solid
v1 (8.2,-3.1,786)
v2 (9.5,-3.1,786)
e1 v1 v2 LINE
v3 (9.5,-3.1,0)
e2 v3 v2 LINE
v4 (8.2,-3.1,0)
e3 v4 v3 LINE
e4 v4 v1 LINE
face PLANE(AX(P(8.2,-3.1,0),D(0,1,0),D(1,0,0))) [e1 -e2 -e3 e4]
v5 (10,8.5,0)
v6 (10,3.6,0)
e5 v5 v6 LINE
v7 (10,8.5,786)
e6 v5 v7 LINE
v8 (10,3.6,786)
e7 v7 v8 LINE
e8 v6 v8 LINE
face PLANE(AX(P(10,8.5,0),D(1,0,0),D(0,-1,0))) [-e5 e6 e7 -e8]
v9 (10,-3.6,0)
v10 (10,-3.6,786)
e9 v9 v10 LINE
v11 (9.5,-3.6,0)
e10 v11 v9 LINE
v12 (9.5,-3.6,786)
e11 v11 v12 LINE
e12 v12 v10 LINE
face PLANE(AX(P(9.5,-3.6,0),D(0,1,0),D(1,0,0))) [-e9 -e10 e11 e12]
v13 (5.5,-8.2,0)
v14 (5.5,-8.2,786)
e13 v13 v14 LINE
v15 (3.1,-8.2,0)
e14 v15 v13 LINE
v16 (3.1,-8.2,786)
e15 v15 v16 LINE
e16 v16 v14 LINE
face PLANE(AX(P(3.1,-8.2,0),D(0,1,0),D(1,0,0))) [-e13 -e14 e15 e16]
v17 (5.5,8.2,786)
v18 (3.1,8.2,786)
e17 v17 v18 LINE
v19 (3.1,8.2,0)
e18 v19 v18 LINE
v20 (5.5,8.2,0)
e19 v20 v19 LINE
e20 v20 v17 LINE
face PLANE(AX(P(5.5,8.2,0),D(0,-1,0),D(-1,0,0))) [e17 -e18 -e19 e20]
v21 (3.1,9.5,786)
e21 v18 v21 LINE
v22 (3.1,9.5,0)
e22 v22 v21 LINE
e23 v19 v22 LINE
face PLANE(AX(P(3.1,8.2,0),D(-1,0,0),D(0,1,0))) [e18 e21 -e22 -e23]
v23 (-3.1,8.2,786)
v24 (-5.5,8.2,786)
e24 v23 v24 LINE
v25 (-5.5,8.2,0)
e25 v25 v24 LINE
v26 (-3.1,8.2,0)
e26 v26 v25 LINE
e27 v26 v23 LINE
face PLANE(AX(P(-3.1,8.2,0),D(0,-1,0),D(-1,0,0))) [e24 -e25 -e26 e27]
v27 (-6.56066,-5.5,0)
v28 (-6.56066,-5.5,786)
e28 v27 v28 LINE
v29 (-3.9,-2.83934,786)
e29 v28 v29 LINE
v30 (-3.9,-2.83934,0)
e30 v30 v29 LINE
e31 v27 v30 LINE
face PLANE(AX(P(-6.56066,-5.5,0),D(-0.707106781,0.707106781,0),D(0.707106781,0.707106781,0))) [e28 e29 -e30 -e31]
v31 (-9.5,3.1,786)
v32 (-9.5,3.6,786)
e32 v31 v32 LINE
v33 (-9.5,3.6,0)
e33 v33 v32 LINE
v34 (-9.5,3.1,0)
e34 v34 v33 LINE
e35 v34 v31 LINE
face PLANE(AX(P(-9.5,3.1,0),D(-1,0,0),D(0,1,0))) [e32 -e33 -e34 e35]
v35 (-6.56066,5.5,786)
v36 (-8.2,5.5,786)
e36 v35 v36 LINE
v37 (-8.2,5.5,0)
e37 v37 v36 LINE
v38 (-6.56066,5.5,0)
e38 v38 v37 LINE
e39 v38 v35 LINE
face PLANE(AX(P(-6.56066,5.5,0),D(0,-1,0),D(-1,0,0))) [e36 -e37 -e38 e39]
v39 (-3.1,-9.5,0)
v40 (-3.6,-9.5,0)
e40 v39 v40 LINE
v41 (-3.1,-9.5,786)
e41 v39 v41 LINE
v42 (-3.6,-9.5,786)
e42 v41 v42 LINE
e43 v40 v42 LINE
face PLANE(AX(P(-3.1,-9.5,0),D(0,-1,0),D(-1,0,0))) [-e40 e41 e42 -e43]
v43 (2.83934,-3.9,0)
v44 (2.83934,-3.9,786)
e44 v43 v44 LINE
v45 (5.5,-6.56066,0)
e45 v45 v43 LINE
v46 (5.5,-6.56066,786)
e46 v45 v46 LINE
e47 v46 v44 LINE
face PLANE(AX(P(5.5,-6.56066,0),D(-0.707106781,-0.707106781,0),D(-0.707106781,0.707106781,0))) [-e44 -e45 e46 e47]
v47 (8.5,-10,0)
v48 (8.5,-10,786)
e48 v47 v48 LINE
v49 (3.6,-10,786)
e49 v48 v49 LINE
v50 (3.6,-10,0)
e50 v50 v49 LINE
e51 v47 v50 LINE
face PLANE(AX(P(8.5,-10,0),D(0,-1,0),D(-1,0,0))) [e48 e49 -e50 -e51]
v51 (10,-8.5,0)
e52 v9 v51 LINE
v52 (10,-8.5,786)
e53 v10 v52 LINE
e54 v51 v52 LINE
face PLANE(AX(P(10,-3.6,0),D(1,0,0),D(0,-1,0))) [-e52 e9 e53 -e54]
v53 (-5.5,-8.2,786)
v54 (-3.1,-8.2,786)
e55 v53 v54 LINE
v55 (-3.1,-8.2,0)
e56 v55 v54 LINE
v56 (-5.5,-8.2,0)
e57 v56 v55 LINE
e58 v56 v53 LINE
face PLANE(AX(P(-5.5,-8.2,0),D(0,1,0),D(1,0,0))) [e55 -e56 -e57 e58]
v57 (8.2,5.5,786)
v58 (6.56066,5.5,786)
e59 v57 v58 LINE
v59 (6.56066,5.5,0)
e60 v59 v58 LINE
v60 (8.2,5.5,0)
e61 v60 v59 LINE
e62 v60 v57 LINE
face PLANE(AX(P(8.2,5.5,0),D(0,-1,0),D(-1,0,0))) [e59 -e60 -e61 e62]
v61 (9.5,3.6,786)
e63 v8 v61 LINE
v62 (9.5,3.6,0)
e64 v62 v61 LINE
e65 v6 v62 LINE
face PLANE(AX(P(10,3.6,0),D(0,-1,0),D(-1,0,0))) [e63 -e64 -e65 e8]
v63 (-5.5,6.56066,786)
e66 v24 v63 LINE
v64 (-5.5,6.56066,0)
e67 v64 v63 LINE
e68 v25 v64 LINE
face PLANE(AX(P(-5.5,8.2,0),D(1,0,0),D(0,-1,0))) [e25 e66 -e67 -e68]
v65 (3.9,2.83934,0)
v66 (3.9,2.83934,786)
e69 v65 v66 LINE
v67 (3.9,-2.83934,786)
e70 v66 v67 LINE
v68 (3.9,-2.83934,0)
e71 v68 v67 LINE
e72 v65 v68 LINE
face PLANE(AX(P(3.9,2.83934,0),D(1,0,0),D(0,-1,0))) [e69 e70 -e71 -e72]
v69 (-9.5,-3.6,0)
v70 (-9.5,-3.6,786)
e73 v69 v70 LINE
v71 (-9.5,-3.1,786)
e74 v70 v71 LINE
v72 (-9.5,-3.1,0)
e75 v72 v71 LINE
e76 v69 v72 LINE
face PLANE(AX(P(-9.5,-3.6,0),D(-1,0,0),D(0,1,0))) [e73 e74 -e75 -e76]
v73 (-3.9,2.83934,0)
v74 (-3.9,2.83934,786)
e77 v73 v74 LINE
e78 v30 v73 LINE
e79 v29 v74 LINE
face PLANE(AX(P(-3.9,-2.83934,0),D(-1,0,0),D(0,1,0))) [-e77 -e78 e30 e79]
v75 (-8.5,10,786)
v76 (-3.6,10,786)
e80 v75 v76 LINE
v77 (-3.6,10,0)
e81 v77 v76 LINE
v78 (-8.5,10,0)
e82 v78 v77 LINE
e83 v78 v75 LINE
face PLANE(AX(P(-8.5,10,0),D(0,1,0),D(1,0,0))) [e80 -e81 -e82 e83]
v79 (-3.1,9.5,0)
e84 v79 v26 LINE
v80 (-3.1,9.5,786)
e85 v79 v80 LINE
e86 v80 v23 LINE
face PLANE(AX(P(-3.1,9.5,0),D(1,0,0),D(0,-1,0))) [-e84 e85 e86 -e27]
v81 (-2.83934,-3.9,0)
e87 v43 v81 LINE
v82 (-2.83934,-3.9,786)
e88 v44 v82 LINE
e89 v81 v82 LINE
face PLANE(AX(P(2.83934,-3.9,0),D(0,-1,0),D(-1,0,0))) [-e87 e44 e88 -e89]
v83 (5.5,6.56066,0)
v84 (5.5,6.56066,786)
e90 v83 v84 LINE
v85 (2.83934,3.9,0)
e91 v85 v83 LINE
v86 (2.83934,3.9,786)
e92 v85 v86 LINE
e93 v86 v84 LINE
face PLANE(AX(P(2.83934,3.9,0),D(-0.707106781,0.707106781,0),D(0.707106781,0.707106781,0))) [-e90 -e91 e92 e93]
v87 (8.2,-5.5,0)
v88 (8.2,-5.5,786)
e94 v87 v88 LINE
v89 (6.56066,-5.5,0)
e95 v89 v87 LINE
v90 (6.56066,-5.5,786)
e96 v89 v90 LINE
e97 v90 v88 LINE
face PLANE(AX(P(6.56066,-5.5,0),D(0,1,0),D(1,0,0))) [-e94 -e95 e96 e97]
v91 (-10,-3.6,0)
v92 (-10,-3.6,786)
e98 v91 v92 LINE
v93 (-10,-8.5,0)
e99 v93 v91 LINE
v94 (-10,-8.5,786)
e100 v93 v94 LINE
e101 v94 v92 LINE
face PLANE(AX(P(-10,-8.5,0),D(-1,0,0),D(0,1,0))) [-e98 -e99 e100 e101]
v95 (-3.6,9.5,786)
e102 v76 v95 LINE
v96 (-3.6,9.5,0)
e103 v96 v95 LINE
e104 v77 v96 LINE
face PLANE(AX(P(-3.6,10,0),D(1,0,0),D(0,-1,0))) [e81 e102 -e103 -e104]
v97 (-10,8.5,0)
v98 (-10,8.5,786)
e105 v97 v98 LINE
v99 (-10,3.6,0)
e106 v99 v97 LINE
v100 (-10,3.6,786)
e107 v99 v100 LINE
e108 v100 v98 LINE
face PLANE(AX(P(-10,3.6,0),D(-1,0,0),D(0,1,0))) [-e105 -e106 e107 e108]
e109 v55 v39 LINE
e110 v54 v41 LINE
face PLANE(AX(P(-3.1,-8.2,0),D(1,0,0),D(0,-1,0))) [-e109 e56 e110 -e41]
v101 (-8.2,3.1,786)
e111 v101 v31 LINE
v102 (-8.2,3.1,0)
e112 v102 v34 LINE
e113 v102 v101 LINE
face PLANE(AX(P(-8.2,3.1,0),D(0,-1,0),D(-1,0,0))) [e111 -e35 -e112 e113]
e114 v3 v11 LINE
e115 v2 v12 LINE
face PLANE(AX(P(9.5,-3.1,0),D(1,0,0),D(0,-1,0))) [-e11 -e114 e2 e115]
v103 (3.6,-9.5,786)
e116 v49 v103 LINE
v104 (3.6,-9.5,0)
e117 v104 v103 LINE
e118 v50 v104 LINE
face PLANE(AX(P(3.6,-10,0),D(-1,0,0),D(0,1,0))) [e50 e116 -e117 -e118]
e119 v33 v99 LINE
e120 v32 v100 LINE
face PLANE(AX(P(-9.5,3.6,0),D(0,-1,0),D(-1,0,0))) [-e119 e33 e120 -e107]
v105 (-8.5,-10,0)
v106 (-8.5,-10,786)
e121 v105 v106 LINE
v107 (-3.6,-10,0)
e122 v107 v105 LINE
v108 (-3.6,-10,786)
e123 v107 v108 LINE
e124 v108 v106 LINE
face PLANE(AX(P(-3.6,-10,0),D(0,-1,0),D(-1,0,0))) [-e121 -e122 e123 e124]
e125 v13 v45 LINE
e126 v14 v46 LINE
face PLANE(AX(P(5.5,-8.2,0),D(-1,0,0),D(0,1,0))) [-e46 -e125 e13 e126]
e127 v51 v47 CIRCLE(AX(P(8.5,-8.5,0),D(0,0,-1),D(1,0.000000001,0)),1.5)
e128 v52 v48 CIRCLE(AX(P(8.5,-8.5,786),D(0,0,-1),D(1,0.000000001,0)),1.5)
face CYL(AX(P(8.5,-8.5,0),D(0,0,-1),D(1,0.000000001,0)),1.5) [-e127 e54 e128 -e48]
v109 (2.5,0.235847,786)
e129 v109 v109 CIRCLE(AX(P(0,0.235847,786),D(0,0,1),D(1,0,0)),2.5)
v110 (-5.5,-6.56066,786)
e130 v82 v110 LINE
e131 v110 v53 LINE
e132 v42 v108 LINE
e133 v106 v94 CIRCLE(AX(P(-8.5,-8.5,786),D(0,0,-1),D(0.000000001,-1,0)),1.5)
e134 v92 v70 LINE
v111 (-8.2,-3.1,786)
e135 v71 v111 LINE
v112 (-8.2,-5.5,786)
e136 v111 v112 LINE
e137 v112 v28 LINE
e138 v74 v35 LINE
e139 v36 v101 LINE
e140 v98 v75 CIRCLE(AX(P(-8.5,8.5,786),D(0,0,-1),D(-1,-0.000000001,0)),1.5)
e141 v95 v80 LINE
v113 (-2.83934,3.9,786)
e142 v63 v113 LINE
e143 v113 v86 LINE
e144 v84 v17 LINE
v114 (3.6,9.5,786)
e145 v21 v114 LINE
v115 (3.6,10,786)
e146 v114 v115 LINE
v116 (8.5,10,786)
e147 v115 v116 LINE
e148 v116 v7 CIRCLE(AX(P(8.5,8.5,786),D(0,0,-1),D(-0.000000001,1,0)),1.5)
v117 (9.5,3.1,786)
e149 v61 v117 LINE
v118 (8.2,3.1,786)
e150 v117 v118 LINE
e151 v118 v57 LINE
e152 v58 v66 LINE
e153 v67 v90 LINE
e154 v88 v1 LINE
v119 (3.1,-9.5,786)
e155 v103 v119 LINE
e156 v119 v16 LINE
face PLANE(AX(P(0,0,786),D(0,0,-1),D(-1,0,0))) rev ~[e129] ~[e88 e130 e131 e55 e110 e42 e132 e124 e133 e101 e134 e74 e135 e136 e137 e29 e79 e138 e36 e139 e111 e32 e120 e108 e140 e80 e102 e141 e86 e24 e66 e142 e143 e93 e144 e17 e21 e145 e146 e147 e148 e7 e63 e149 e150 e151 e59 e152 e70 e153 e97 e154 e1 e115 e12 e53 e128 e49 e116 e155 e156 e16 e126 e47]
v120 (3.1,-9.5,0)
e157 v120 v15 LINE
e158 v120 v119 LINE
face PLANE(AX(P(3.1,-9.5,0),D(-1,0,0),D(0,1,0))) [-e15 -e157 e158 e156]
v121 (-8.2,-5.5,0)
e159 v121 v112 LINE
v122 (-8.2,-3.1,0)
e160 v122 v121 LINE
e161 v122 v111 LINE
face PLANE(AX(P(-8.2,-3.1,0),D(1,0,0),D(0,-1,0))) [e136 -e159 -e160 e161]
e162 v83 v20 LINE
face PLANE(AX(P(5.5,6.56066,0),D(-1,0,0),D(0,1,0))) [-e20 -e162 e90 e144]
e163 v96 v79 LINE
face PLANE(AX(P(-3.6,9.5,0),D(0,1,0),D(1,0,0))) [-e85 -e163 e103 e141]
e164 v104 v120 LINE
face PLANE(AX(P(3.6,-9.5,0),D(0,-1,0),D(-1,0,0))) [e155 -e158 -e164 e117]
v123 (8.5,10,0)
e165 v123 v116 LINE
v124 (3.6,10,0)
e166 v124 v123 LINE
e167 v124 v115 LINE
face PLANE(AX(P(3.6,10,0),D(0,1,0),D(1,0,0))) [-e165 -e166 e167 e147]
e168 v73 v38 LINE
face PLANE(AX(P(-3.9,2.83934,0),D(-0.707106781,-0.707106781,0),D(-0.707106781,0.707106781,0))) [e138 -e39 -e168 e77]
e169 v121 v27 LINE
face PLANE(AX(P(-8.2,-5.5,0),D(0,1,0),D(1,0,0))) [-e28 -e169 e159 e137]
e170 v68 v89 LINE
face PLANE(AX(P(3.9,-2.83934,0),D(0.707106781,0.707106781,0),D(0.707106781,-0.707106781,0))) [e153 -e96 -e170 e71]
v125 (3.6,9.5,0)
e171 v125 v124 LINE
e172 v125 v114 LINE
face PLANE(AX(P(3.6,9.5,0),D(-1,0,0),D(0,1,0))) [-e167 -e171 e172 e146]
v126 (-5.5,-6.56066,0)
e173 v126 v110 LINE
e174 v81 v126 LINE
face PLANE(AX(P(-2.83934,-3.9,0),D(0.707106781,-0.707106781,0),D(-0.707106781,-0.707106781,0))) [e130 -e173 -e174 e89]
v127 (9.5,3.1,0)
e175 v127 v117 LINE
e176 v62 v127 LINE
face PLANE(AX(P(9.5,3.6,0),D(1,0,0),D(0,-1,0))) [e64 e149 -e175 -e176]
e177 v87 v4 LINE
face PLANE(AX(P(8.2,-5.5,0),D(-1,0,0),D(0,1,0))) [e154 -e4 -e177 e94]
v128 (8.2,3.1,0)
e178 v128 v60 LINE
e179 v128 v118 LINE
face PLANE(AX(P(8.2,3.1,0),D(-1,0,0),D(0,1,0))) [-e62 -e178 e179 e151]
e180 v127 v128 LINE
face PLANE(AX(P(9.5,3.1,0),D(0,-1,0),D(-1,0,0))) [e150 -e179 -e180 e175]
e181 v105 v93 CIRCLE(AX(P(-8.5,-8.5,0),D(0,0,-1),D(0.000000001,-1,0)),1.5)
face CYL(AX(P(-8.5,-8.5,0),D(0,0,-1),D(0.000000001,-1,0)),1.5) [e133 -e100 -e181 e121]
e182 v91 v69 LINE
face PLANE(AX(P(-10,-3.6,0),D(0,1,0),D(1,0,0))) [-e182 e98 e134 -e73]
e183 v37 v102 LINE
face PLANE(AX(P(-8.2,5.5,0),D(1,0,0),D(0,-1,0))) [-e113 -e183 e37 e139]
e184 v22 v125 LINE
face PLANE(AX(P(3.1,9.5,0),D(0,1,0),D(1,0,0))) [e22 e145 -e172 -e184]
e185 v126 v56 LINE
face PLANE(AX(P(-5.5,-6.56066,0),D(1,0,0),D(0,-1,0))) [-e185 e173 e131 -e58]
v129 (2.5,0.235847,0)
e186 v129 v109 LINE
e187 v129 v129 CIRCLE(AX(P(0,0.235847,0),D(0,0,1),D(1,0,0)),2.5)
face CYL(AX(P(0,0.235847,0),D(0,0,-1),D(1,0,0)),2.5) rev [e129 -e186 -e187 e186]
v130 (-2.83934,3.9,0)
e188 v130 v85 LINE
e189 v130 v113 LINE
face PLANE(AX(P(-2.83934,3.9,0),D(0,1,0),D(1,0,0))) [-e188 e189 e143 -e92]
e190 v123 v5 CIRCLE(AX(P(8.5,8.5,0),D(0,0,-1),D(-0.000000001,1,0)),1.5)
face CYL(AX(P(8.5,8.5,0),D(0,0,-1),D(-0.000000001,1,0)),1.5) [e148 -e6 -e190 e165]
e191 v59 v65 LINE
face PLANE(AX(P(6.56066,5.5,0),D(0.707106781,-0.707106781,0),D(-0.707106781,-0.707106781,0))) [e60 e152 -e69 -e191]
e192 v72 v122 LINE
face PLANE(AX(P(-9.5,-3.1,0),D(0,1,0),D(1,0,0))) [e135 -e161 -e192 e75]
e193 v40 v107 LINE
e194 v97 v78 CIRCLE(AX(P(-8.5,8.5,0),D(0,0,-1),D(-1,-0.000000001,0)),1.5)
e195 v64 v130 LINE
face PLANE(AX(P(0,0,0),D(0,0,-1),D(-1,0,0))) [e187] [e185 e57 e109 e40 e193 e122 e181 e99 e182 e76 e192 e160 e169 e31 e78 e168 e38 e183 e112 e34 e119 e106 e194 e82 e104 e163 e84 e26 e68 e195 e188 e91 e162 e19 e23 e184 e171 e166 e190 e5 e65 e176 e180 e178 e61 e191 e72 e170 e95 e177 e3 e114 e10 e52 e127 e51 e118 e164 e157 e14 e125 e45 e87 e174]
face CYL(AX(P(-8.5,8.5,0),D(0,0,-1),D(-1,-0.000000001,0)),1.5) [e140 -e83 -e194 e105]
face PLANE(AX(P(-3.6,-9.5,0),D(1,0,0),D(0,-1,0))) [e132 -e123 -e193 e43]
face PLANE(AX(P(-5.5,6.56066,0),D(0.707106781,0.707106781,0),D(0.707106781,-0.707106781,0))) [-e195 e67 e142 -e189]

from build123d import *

# Parameters (mm, degrees)
SKETCH1_R           = 2.5
BOSS_EXTRUDE1_DEPTH = 786


with BuildPart() as part:
    # Sketch1 → Boss-Extrude1 (new body)
    with BuildSketch(Plane.XY):
        with BuildLine():
            Line((2.839339828, 3.9), (5.5, 6.560660172))
            Line((5.5, 6.560660172), (5.5, 8.2))
            Line((5.5, 8.2), (3.1, 8.2))
            Line((3.1, 8.2), (3.1, 9.5))
            Line((3.1, 9.5), (3.6, 9.5))
            Line((3.6, 9.5), (3.6, 10))
            Line((3.6, 10), (8.5, 10))
            ThreePointArc((8.5, 10), (9.560660172, 9.560660172), (10, 8.5))
            Line((10, 8.5), (10, 3.6))
            Line((10, 3.6), (9.5, 3.6))
            Line((9.5, 3.6), (9.5, 3.1))
            Line((9.5, 3.1), (8.2, 3.1))
            Line((8.2, 3.1), (8.2, 5.5))
            Line((8.2, 5.5), (6.560660172, 5.5))
            Line((6.560660172, 5.5), (3.9, 2.839339828))
            Line((3.9, 2.839339828), (3.9, -2.839339828))
            Line((3.9, -2.839339828), (6.560660172, -5.5))
            Line((6.560660172, -5.5), (8.2, -5.5))
            Line((8.2, -5.5), (8.2, -3.1))
            Line((8.2, -3.1), (9.5, -3.1))
            Line((9.5, -3.1), (9.5, -3.6))
            Line((9.5, -3.6), (10, -3.6))
            Line((10, -3.6), (10, -8.5))
            ThreePointArc((10, -8.5), (9.560660172, -9.560660172), (8.5, -10))
            Line((8.5, -10), (3.6, -10))
            Line((3.6, -10), (3.6, -9.5))
            Line((3.6, -9.5), (3.1, -9.5))
            Line((3.1, -9.5), (3.1, -8.2))
            Line((3.1, -8.2), (5.5, -8.2))
            Line((5.5, -8.2), (5.5, -6.560660172))
            Line((5.5, -6.560660172), (2.839339828, -3.9))
            Line((2.839339828, -3.9), (-2.839339828, -3.9))
            Line((-2.839339828, -3.9), (-5.5, -6.560660172))
            Line((-5.5, -6.560660172), (-5.5, -8.2))
            Line((-5.5, -8.2), (-3.1, -8.2))
            Line((-3.1, -8.2), (-3.1, -9.5))
            Line((-3.1, -9.5), (-3.6, -9.5))
            Line((-3.6, -9.5), (-3.6, -10))
            Line((-3.6, -10), (-8.5, -10))
            ThreePointArc((-8.5, -10), (-9.560660172, -9.560660172), (-10, -8.5))
            Line((-10, -8.5), (-10, -3.6))
            Line((-10, -3.6), (-9.5, -3.6))
            Line((-9.5, -3.6), (-9.5, -3.1))
            Line((-9.5, -3.1), (-8.2, -3.1))
            Line((-8.2, -3.1), (-8.2, -5.5))
            Line((-8.2, -5.5), (-6.560660172, -5.5))
            Line((-6.560660172, -5.5), (-3.9, -2.839339828))
            Line((-3.9, -2.839339828), (-3.9, 2.839339828))
            Line((-3.9, 2.839339828), (-6.560660172, 5.5))
            Line((-6.560660172, 5.5), (-8.2, 5.5))
            Line((-8.2, 5.5), (-8.2, 3.1))
            Line((-8.2, 3.1), (-9.5, 3.1))
            Line((-9.5, 3.1), (-9.5, 3.6))
            Line((-9.5, 3.6), (-10, 3.6))
            Line((-10, 3.6), (-10, 8.5))
            ThreePointArc((-10, 8.5), (-9.560660172, 9.560660172), (-8.5, 10))
            Line((-8.5, 10), (-3.6, 10))
            Line((-3.6, 10), (-3.6, 9.5))
            Line((-3.6, 9.5), (-3.1, 9.5))
            Line((-3.1, 9.5), (-3.1, 8.2))
            Line((-3.1, 8.2), (-5.5, 8.2))
            Line((-5.5, 8.2), (-5.5, 6.560660172))
            Line((-5.5, 6.560660172), (-2.839339828, 3.9))
            Line((-2.839339828, 3.9), (2.839339828, 3.9))
        make_face()
        with Locations((0, 0.235847297)):
            Circle(SKETCH1_R, mode=Mode.SUBTRACT)
    extrude(amount=BOSS_EXTRUDE1_DEPTH)


solid = part.part
